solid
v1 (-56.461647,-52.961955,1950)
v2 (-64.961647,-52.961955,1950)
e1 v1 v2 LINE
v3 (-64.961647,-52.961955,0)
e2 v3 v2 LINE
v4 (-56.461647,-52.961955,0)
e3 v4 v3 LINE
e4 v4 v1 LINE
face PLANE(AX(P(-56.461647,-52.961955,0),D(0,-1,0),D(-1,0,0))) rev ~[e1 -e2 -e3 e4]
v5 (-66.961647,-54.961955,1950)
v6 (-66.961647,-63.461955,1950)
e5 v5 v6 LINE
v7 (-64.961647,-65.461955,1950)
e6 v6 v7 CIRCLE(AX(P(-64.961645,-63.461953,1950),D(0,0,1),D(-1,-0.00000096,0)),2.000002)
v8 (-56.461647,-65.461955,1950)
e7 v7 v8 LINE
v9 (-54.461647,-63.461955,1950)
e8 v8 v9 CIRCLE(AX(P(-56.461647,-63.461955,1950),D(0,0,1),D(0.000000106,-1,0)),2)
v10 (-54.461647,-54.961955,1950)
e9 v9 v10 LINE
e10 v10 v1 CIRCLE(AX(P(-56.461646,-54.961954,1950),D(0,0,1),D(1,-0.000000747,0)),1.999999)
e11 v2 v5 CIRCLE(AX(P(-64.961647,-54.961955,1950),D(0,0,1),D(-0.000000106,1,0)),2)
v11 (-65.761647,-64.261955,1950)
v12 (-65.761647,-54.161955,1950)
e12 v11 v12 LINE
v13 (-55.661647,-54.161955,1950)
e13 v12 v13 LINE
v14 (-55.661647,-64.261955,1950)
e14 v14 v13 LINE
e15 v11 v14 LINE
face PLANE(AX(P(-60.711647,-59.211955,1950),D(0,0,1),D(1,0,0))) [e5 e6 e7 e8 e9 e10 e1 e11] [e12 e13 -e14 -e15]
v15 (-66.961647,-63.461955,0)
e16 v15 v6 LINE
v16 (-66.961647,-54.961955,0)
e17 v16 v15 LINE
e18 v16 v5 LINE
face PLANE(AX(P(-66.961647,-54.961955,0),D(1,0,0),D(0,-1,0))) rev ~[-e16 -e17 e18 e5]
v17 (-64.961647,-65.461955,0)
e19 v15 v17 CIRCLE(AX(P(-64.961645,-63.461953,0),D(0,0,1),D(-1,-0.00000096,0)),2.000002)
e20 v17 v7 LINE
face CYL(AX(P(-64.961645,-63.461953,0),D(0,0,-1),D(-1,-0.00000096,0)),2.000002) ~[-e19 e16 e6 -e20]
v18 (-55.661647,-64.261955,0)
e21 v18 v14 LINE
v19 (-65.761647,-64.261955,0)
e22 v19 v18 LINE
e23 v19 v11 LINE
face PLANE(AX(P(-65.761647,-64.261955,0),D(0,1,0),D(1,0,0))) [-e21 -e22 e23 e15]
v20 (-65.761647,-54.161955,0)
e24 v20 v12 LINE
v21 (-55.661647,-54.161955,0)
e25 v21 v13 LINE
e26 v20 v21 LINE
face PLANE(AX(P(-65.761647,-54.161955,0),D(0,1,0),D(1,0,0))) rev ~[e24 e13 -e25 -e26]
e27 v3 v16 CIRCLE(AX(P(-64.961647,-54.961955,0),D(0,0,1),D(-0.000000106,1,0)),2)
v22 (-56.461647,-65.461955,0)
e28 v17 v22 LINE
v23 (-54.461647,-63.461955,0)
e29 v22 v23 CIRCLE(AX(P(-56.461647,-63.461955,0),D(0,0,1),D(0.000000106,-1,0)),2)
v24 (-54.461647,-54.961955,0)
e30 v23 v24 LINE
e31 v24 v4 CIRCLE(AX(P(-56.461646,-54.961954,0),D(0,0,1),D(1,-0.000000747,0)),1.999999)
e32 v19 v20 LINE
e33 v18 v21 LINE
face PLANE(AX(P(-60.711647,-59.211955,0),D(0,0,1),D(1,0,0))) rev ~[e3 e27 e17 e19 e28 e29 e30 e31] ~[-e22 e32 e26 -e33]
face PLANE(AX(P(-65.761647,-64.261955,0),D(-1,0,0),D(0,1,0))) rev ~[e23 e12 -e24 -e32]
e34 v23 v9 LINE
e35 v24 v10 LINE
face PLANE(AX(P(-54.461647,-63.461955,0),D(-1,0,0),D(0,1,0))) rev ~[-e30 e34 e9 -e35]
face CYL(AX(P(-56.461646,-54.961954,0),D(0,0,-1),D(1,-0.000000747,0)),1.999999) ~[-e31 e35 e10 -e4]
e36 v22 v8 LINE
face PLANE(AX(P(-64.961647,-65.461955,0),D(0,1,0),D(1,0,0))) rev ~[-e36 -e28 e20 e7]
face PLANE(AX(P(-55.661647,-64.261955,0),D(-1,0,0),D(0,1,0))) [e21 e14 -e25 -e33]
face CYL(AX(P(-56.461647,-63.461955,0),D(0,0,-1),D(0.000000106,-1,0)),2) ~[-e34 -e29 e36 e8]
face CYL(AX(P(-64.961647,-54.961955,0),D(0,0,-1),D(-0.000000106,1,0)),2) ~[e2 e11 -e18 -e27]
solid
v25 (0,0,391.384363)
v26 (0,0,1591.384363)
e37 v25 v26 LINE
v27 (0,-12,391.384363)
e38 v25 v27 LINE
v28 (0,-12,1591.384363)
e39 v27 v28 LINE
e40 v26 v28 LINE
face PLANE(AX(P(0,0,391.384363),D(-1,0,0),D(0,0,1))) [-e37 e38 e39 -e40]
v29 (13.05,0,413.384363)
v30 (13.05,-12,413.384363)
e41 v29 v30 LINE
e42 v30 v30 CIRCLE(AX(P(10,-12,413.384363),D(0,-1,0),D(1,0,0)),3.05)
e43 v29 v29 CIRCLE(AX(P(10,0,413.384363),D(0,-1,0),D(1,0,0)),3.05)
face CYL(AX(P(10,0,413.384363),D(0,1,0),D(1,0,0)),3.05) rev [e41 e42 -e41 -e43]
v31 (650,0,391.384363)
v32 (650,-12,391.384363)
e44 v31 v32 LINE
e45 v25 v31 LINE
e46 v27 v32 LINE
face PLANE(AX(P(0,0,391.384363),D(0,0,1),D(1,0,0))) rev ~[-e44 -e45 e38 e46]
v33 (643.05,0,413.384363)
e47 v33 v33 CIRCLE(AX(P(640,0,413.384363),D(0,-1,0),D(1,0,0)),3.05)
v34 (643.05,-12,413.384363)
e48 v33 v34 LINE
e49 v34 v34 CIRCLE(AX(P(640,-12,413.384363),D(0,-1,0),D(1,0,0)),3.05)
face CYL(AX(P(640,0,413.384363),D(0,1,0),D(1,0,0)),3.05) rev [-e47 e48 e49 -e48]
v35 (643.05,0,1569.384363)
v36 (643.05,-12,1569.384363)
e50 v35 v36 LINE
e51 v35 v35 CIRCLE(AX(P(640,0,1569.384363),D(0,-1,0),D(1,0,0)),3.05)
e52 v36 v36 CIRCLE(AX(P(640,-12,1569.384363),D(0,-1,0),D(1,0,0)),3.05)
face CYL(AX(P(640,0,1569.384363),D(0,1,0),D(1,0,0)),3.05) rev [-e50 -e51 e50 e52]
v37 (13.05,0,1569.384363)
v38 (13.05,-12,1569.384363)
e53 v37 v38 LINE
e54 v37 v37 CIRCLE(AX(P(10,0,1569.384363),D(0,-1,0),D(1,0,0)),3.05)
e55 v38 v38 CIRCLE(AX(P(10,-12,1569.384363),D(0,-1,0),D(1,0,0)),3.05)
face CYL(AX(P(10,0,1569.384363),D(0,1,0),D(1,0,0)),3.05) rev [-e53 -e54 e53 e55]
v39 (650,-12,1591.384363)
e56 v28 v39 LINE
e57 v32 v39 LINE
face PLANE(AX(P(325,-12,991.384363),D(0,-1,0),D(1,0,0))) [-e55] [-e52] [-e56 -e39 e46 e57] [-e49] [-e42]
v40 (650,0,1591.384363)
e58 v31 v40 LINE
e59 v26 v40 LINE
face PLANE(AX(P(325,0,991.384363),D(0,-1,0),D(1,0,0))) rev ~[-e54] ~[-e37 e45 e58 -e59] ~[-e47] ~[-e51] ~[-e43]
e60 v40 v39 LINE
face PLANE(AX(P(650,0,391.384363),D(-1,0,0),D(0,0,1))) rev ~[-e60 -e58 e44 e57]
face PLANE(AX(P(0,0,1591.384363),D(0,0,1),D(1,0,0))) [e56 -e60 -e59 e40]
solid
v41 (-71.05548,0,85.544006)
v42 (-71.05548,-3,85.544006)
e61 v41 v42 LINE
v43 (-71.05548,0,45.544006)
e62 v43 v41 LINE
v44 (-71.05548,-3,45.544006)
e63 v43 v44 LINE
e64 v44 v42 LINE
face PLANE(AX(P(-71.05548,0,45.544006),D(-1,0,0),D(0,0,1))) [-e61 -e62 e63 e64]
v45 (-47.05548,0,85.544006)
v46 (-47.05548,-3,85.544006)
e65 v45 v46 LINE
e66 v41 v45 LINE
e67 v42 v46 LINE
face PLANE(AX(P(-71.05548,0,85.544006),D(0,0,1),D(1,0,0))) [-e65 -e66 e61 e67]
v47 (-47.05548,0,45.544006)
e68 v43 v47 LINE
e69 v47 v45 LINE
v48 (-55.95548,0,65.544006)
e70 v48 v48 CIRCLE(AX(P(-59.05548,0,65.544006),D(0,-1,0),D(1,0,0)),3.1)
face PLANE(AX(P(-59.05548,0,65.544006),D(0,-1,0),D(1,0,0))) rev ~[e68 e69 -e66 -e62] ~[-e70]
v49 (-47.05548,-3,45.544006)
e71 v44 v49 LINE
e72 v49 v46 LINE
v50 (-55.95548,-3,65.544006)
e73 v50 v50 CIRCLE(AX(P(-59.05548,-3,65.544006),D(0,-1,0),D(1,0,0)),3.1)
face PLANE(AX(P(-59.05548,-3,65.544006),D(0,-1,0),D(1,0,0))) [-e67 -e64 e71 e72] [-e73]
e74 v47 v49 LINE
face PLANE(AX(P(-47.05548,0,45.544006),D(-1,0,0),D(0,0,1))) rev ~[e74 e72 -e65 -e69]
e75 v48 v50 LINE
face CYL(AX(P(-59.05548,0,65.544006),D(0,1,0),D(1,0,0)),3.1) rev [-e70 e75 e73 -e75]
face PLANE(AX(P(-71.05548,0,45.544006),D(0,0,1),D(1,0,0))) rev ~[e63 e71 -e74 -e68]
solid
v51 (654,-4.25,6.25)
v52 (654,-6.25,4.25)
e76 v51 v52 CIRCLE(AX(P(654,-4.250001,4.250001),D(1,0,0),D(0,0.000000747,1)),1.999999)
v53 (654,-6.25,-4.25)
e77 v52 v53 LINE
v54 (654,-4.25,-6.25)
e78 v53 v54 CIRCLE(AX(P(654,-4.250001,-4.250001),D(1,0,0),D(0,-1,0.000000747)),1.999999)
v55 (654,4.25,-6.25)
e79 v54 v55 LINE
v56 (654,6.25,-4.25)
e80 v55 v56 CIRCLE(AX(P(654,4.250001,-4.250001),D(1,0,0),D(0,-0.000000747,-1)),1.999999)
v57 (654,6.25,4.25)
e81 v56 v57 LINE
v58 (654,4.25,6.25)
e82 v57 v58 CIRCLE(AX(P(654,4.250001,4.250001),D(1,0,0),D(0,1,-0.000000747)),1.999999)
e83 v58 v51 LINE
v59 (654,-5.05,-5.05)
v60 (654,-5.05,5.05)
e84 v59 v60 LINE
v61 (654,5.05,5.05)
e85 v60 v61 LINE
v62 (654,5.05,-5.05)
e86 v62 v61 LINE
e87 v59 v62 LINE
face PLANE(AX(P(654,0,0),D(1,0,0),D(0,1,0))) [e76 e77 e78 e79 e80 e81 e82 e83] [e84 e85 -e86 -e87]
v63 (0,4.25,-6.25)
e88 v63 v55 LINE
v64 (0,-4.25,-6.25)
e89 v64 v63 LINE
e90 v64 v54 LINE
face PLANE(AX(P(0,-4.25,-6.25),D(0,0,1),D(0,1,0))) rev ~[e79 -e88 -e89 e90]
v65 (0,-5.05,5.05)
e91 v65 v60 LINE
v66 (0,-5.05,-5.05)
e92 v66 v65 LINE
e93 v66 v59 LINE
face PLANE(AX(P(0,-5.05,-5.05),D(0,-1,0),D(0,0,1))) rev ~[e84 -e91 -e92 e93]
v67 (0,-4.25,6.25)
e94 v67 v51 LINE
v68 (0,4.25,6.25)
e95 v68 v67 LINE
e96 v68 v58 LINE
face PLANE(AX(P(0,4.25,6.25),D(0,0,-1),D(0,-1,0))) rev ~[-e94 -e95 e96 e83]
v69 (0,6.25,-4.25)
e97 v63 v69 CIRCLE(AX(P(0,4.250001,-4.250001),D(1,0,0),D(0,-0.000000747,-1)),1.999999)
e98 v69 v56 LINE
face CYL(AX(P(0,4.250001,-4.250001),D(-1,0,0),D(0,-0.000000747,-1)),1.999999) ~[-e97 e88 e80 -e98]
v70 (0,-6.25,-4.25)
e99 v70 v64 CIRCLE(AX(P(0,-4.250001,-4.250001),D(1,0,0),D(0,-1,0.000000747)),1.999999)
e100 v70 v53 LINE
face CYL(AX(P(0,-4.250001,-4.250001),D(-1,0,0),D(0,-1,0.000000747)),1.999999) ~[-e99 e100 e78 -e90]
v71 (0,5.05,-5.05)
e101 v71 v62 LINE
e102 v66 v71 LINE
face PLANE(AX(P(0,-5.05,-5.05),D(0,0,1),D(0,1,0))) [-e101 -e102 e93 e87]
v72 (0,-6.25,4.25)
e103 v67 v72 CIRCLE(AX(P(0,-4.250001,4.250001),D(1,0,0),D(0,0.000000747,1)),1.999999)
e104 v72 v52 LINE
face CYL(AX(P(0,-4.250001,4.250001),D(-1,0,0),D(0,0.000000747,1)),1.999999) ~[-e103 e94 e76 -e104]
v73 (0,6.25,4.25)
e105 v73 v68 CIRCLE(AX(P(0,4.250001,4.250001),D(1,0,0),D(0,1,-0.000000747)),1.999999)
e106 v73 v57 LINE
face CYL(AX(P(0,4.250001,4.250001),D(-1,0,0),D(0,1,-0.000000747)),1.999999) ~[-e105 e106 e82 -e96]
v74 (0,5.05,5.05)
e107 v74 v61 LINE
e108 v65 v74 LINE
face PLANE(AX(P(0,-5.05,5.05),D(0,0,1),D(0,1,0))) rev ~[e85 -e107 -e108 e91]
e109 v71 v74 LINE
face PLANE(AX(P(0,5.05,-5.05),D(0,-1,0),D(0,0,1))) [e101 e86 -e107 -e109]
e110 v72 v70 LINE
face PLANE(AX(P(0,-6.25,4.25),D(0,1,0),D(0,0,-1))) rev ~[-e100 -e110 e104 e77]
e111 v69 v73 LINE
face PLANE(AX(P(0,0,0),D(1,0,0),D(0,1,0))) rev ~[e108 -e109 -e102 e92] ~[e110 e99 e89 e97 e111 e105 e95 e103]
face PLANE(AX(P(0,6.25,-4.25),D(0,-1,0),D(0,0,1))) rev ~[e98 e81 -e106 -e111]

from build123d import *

# Parameters (mm, degrees)
F0_W     = 10.1
F0_H     = 10.1
F1_DEPTH = 1950
F2_W     = 10.1
F2_H     = 10.1
F3_DEPTH = 654
F4_W     = 24
F4_H     = 40
F4_R     = 3.1
F5_DEPTH = 3
F6_W     = 650
F6_H     = 1200
F6_R     = 3.05
F7_DEPTH = 12


with BuildPart() as f1:
    # F0 (on Top) → F1 (new body)
    with BuildSketch(Plane.XY):
        with BuildLine():
            Line((-56.461647, -52.961955), (-64.961647, -52.961955))
            ThreePointArc((-64.961647, -52.961955), (-66.37586, -53.547741), (-66.961647, -54.961955))
            Line((-66.961647, -54.961955), (-66.961647, -63.461955))
            ThreePointArc((-66.961647, -63.461955), (-66.37586, -64.876168), (-64.961647, -65.461955))
            Line((-64.961647, -65.461955), (-56.461647, -65.461955))
            ThreePointArc((-56.461647, -65.461955), (-55.047433, -64.876168), (-54.461647, -63.461955))
            Line((-54.461647, -63.461955), (-54.461647, -54.961955))
            ThreePointArc((-54.461647, -54.961955), (-55.047433, -53.547741), (-56.461647, -52.961955))
        make_face()
        with Locations((-60.711647, -59.211955)):
            Rectangle(F0_W, F0_H, mode=Mode.SUBTRACT)
    extrude(amount=F1_DEPTH)


with BuildPart() as f3:
    # F2 (on Right) → F3 (new body)
    with BuildSketch(Plane.YZ):
        with BuildLine():
            Line((4.25, 6.25), (-4.25, 6.25))
            ThreePointArc((-4.25, 6.25), (-5.664214, 5.664214), (-6.25, 4.25))
            Line((-6.25, 4.25), (-6.25, -4.25))
            ThreePointArc((-6.25, -4.25), (-5.664214, -5.664214), (-4.25, -6.25))
            Line((-4.25, -6.25), (4.25, -6.25))
            ThreePointArc((4.25, -6.25), (5.664214, -5.664214), (6.25, -4.25))
            Line((6.25, -4.25), (6.25, 4.25))
            ThreePointArc((6.25, 4.25), (5.664214, 5.664214), (4.25, 6.25))
        make_face()
        Rectangle(F2_W, F2_H, mode=Mode.SUBTRACT)
    extrude(amount=F3_DEPTH)


with BuildPart() as f5:
    # F4 (on Front) → F5 (new body)
    with BuildSketch(Plane.XZ):
        with Locations((-59.05548, 65.544006)):
            Rectangle(F4_W, F4_H)
        with Locations((-59.05548, 65.544006)):
            Circle(F4_R, mode=Mode.SUBTRACT)
    extrude(amount=F5_DEPTH)


with BuildPart() as f7:
    # F6 (on Front) → F7 (new body)
    with BuildSketch(Plane.XZ):
        with Locations((325, 991.384363)):
            Rectangle(F6_W, F6_H)
        with Locations((10, 413.384363)):
            Circle(F6_R, mode=Mode.SUBTRACT)
        with Locations((640, 413.384363)):
            Circle(F6_R, mode=Mode.SUBTRACT)
        with Locations((10, 1569.384363)):
            Circle(F6_R, mode=Mode.SUBTRACT)
        with Locations((640, 1569.384363)):
            Circle(F6_R, mode=Mode.SUBTRACT)
    extrude(amount=F7_DEPTH)


solid = Compound([f1.part, f3.part, f5.part, f7.part])
